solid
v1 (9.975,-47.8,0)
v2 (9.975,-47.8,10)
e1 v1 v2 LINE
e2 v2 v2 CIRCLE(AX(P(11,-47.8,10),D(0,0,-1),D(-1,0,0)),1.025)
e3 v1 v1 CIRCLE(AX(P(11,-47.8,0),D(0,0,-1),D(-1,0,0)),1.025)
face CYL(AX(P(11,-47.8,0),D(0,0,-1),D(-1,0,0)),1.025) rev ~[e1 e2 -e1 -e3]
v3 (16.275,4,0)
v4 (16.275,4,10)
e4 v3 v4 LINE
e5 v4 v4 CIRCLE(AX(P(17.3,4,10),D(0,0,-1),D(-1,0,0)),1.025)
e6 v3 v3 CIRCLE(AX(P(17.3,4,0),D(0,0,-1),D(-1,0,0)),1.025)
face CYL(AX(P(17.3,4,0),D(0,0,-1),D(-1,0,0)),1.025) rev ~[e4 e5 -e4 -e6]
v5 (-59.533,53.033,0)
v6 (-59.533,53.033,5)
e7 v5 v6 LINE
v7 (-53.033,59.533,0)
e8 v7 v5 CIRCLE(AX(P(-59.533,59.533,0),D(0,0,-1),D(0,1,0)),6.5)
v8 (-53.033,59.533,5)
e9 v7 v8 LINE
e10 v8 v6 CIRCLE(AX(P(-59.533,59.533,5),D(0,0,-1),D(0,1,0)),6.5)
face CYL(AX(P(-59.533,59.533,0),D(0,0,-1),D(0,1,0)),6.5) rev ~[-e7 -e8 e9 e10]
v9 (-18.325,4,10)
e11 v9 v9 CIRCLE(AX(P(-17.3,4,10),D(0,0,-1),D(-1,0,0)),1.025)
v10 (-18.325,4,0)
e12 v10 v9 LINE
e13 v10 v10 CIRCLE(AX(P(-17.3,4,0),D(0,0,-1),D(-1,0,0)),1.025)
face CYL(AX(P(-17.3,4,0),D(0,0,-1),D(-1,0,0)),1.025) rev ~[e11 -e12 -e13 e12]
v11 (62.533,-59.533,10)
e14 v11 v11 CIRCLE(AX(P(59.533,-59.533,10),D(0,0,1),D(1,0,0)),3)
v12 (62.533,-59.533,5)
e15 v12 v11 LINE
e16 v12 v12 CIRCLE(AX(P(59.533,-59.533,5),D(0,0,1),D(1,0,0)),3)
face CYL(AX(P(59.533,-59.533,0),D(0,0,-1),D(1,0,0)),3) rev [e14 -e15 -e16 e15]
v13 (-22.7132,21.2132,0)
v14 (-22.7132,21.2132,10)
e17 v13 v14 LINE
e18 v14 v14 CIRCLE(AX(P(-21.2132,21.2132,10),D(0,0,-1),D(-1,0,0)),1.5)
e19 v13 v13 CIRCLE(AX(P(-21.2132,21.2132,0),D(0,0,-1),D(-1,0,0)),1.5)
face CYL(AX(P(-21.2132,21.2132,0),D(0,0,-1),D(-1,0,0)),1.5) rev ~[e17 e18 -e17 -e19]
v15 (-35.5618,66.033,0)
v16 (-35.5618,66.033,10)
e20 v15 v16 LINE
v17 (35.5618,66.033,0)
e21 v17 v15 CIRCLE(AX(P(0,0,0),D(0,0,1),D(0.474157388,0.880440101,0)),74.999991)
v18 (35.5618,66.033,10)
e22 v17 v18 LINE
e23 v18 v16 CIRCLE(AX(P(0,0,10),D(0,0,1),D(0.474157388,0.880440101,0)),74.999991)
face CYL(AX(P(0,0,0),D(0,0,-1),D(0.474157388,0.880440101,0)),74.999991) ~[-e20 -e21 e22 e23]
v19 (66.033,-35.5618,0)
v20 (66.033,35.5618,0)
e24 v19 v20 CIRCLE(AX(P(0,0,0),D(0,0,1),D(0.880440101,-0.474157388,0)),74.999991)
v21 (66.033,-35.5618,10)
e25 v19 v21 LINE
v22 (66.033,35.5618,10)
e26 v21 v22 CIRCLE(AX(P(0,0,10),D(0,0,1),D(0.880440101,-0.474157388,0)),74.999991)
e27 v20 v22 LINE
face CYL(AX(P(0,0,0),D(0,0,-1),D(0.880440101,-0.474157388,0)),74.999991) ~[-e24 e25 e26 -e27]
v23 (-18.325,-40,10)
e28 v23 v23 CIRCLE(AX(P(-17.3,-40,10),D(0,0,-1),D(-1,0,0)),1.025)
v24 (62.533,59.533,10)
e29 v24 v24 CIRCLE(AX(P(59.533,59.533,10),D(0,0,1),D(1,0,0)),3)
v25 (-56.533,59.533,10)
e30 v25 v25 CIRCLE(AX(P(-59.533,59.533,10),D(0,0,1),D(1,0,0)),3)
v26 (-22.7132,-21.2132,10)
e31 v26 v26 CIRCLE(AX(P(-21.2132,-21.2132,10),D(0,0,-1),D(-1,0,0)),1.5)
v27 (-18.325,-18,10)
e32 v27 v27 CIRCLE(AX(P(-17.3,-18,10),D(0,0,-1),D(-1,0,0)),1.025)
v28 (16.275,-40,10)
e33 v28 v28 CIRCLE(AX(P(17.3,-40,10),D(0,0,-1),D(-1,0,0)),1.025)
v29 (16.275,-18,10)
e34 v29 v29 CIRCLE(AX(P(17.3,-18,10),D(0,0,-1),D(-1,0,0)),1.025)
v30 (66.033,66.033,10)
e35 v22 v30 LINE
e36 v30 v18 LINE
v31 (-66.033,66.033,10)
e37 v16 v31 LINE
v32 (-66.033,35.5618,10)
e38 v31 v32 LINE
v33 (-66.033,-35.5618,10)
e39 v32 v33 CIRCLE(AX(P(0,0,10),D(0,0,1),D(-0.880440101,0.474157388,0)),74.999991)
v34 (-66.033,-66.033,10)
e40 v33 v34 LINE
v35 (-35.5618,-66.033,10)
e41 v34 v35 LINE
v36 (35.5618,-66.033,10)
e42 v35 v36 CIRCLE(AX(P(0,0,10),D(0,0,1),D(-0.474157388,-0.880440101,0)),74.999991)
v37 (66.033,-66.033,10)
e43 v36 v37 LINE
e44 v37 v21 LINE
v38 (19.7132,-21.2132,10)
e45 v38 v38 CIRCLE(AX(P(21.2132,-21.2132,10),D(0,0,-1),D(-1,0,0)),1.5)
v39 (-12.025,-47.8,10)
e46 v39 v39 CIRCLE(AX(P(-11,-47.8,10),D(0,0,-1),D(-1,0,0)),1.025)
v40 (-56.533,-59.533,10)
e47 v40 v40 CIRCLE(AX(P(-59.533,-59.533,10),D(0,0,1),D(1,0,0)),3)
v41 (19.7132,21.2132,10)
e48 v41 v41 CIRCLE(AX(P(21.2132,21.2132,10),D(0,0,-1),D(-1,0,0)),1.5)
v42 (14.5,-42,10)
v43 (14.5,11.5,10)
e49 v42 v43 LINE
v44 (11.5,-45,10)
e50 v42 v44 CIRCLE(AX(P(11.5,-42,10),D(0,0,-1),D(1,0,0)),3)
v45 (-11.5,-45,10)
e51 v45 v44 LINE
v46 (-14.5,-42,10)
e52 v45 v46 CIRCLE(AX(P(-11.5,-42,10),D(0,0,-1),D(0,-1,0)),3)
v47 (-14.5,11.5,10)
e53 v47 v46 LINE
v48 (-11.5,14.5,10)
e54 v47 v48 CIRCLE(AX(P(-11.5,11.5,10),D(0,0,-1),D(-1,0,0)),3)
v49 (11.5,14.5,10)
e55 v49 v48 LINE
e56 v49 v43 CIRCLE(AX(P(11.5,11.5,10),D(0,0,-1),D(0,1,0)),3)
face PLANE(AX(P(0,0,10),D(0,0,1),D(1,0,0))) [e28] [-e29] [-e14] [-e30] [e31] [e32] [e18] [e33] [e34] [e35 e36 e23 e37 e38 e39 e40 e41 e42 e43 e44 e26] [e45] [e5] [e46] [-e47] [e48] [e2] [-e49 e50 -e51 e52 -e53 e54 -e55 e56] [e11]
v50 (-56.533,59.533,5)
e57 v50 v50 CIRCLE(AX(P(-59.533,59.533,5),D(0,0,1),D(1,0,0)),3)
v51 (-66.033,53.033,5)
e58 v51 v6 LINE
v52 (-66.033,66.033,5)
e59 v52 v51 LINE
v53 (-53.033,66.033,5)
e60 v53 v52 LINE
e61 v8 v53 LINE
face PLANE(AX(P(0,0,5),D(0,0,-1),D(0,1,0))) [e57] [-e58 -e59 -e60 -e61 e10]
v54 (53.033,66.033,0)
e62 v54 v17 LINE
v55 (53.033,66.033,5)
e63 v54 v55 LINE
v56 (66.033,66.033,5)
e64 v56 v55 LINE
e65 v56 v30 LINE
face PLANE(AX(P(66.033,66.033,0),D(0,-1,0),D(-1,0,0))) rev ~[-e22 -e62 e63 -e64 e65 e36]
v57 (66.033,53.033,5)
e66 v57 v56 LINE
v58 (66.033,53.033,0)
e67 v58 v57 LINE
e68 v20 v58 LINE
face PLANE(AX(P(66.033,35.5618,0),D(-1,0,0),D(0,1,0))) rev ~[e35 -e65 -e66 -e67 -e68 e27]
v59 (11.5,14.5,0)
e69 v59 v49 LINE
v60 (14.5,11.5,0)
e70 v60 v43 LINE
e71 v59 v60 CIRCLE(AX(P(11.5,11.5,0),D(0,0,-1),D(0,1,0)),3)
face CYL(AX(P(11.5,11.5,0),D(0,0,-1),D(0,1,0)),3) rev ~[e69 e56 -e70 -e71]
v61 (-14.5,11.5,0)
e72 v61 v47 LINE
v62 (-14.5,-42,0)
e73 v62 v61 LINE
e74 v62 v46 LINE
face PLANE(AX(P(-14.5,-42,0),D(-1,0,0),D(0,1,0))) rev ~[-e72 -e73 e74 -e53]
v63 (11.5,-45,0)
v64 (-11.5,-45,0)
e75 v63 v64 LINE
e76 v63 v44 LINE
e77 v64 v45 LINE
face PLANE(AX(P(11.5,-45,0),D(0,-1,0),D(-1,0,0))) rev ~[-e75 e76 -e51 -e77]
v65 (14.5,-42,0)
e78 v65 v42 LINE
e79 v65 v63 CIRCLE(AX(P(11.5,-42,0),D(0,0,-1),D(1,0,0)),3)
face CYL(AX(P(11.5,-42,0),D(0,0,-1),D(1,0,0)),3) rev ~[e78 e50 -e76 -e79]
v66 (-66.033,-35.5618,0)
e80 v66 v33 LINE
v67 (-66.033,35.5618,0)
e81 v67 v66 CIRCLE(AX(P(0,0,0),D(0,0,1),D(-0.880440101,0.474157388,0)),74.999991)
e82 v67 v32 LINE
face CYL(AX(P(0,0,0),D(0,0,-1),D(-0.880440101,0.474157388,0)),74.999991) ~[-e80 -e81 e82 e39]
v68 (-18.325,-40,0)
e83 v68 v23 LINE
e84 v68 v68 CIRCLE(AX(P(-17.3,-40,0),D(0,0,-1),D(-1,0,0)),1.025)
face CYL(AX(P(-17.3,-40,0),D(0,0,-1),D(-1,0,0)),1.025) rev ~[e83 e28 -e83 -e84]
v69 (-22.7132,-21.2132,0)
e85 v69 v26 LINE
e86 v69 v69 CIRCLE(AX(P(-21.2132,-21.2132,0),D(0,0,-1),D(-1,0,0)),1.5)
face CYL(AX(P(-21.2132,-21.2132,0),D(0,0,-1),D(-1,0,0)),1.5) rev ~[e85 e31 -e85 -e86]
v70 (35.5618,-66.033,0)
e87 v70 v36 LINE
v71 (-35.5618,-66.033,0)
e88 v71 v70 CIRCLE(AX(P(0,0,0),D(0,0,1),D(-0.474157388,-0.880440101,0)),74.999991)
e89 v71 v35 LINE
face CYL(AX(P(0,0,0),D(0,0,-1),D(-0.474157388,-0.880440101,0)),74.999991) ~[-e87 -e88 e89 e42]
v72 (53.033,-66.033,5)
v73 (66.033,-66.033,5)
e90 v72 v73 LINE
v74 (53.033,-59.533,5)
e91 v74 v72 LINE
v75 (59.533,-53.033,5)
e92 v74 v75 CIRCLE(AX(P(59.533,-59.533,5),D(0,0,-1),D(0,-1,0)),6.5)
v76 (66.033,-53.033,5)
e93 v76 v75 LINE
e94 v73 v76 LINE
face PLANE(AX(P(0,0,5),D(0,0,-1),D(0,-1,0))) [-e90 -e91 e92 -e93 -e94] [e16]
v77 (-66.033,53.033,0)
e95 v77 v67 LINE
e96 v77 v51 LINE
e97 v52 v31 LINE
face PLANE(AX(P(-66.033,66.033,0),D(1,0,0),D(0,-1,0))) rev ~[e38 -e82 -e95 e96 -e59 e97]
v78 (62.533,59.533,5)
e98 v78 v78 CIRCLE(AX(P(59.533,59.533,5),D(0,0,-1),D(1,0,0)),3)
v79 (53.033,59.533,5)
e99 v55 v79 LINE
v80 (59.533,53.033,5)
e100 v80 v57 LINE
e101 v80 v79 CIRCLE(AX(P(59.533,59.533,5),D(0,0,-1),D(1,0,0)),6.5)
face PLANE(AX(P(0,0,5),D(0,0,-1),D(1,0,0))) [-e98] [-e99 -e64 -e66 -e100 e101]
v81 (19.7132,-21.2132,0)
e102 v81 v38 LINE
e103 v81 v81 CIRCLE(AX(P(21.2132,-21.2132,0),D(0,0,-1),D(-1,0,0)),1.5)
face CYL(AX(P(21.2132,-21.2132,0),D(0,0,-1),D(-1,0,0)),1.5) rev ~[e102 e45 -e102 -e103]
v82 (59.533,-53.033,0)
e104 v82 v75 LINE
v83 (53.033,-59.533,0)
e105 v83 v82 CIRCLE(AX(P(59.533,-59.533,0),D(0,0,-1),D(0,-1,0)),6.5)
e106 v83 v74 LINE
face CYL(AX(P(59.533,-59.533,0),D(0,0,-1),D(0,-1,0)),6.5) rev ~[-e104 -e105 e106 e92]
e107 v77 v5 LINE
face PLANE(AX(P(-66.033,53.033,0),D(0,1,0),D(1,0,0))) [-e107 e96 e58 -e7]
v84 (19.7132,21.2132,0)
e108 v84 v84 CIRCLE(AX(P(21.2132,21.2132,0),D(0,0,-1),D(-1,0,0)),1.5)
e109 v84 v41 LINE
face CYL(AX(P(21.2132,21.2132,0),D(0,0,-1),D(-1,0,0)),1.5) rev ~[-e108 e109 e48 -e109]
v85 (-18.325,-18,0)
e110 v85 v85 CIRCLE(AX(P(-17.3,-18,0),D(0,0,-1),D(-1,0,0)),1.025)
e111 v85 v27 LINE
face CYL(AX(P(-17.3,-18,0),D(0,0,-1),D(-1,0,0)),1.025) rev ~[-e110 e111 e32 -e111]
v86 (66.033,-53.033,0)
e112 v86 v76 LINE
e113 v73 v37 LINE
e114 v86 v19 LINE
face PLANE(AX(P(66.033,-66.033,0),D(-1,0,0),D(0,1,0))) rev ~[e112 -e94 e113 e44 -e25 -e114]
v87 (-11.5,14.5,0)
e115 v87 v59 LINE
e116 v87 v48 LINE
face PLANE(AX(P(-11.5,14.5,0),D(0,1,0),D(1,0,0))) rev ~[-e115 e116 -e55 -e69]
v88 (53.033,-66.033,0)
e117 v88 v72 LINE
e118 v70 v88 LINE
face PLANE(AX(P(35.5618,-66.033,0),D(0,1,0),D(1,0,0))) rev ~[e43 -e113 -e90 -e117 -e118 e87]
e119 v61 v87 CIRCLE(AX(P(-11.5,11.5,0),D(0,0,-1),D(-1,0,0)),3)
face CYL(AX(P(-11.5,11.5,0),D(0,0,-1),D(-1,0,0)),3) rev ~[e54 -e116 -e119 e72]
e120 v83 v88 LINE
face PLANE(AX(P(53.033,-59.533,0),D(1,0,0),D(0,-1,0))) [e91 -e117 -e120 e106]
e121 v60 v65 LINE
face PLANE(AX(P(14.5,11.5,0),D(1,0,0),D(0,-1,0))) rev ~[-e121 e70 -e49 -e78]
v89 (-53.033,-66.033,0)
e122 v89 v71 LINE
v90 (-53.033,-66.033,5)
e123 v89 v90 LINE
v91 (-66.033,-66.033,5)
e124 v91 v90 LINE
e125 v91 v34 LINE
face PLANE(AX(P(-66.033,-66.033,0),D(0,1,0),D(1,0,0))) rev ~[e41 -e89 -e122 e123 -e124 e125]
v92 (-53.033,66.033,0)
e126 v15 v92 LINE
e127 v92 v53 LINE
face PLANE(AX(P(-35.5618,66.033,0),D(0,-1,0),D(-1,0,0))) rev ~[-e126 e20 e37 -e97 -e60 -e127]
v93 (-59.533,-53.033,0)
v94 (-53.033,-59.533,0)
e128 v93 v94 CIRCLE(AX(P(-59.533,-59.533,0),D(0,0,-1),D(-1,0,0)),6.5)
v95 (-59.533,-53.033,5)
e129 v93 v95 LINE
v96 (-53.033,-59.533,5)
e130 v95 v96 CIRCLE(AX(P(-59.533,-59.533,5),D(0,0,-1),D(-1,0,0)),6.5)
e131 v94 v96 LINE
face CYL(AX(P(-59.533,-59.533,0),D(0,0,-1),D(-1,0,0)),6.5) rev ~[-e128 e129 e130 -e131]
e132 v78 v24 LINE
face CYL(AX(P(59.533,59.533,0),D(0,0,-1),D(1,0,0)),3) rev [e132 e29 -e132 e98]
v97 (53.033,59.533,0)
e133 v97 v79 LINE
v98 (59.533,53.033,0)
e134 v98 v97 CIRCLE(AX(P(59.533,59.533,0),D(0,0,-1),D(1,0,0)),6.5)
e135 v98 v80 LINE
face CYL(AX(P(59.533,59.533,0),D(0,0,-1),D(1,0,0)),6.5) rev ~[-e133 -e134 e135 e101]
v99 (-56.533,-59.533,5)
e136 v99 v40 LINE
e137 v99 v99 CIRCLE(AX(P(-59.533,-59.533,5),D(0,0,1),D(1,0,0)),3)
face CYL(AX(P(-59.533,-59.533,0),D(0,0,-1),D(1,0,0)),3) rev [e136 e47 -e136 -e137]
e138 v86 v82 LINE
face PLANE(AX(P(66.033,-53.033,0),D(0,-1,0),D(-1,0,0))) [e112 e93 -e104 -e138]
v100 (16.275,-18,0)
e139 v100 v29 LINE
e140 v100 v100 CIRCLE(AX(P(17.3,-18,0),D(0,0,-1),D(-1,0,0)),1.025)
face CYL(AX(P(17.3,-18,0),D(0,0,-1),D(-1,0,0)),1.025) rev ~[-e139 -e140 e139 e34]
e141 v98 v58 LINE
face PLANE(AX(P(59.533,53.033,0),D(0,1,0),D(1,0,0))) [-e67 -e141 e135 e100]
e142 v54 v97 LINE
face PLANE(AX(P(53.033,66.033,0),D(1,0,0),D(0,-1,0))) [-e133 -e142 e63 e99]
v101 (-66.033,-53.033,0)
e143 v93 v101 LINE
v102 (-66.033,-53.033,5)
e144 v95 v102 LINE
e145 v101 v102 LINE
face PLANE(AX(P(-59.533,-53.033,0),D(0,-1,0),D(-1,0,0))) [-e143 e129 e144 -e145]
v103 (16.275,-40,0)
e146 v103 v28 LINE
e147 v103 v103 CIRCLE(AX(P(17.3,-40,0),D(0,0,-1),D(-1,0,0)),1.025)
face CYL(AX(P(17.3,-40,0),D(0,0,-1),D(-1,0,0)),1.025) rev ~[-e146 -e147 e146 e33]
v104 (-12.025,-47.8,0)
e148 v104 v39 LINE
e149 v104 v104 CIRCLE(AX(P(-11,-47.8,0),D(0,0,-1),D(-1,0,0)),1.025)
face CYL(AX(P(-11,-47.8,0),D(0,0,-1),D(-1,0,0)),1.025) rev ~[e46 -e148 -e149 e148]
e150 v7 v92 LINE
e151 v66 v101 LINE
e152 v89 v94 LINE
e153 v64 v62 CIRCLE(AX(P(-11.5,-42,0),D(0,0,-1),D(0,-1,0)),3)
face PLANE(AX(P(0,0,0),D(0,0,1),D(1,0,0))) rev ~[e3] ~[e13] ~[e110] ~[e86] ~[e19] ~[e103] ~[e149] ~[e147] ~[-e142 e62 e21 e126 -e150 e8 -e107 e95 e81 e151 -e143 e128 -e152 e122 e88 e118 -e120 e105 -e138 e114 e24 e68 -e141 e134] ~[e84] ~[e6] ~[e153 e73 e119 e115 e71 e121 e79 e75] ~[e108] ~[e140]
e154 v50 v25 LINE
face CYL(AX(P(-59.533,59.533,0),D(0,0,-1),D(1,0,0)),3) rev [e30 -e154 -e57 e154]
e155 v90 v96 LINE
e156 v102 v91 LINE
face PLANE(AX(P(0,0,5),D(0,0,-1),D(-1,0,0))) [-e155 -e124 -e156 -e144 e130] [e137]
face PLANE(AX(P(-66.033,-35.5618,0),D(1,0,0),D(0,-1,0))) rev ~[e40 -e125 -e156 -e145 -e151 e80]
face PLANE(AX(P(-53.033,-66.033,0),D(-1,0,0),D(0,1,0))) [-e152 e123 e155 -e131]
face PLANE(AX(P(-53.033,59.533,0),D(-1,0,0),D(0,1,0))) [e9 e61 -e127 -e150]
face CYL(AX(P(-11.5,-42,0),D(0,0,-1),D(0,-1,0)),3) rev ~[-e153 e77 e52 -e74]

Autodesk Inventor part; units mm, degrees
ref_plane "YZ Plane" through (0, 0, 0) normal (1, 0, 0) x (0, 1, 0)
ref_plane "XZ Plane" through (0, 0, 0) normal (0, 1, 0) x (-1, 0, 0)
ref_plane "XY Plane" through (0, 0, 0) normal (0, 0, 1) x (1, 0, 0)
sketch "Эскиз1" plane through (0, 0, 0) normal (0, 0, 1) x (1, 0, 0)
  circle A0 centre (59.533, -59.533) radius 3 projected
  circle A1 centre (-59.533, -59.533) radius 3 projected
  circle A2 centre (-59.533, 59.533) radius 3 projected
  circle A3 centre (59.533, 59.533) radius 3 projected
  circle A4 centre (0, 0) radius 65 projected
  arc A5 (35.5618, 66.033) -> (-35.5618, 66.033) centre (0, 0) ccw projected
  line L0 (-35.5618, 66.033) -> (-66.033, 66.033) projected
  line L1 (-66.033, 66.033) -> (-66.033, 35.5618) projected
  arc A6 (-66.033, 35.5618) -> (-66.033, -35.5618) centre (0, 0) ccw projected
  line L2 (-66.033, -35.5618) -> (-66.033, -66.033) projected
  line L3 (-66.033, -66.033) -> (-35.5618, -66.033) projected
  arc A7 (-35.5618, -66.033) -> (35.5618, -66.033) centre (0, 0) ccw projected
  line L4 (35.5618, -66.033) -> (66.033, -66.033) projected
  line L5 (66.033, -66.033) -> (66.033, -35.5618) projected
  arc A8 (66.033, -35.5618) -> (66.033, 35.5618) centre (0, 0) ccw projected
  line L6 (66.033, 35.5618) -> (66.033, 66.033) projected
  line L7 (66.033, 66.033) -> (35.5618, 66.033) projected
  point P0 (0, 0)
extrude "Выдавливание1" add sketch "Эскиз1" along normal blind 10 contours A4 | L7 L6 A8 L5 L4 A7 L3 L2 A6 L1 L0 A5
sketch "Эскиз8" plane through (0, 0, 0) normal (0, 0, -1) x (-1, 0, 0)
  arc A0 (-18, 26.5) -> (-26.5, 18) centre (-18, 18) ccw
  line L0 (-26.5, -18) -> (-26.5, 18)
  arc A1 (-26.5, -18) -> (-18, -26.5) centre (-18, -18) ccw
  line L1 (18, -26.5) -> (-18, -26.5)
  arc A2 (18, -26.5) -> (26.5, -18) centre (18, -18) ccw
  line L2 (26.5, 18) -> (26.5, -18)
  arc A3 (26.5, 18) -> (18, 26.5) centre (18, 18) ccw
  line L3 (-18, 26.5) -> (18, 26.5)
  circle A4 centre (-21.2132, 21.2132) radius 1.5
  circle A5 centre (-21.2132, -21.2132) radius 1.5
  circle A6 centre (21.2132, -21.2132) radius 1.5
  circle A7 centre (21.2132, 21.2132) radius 1.5
  circle A8 centre (0, 0) radius 22
extrude "Выдавливание6" cut sketch "Эскиз8" against normal blind 10 contours A4 | A5 | A6 | A7
sketch "Эскиз9" plane through (0, 0, 0) normal (0, 0, -1) x (-1, 0, 0)
  line L0 (20.1, -44.6) -> (20.1, 8.5)
  line L1 (20.1, 8.5) -> (15, 14.5)
  line L2 (11.5, 14.5) -> (15, 14.5)
  line L3 (11.5, 14.5) -> (-11.5, 14.5)
  line L4 (-15, 14.5) -> (-11.5, 14.5)
  line L5 (-15, 14.5) -> (-20.1, 8.5)
  line L6 (-20.1, 8.5) -> (-20.1, -44.6)
  line L7 (-20.1, -44.6) -> (-15, -50.6)
  line L8 (-15, -50.6) -> (15, -50.6)
  line L9 (15, -50.6) -> (20.1, -44.6)
  circle A0 centre (11, -47.8) radius 1.025
  circle A1 centre (-11, -47.8) radius 1.025
  circle A2 centre (-17.3, -40) radius 1.025
  circle A3 centre (17.3, -40) radius 1.025
  circle A4 centre (17.3, -18) radius 1.025
  circle A5 centre (17.3, 4) radius 1.025
  circle A6 centre (-17.3, 4) radius 1.025
  circle A7 centre (0, 0) radius 1.55
  circle A8 centre (0, 0) radius 14
  line L10 (-14.5, 11.5) -> (-14.5, -42)
  arc A9 (-11.5, 14.5) -> (-14.5, 11.5) centre (-11.5, 11.5) ccw
  arc A10 (-14.5, -42) -> (-11.5, -45) centre (-11.5, -42) ccw
  line L11 (-20.1, 8.5) -> (-20.1, -44.6)
  arc A11 (14.5, 11.5) -> (11.5, 14.5) centre (11.5, 11.5) ccw
  line L12 (14.5, -42) -> (14.5, 11.5)
  arc A12 (11.5, -45) -> (14.5, -42) centre (11.5, -42) ccw
  line L13 (-11.5, -45) -> (11.5, -45)
  circle A13 centre (-17.3, -18) radius 1.025
extrude "Выдавливание7" cut sketch "Эскиз9" against normal blind 20.75 contours A11 L12 A12 L13 A10 L10 A9 L3 | A0 | A1 | A2 | A3 | A4 | A5 | A6 | A7 | A8 | A13
sketch "Эскиз10" plane through (0, 0, 0) normal (0, 0, -1) x (-1, 0, 0)
  circle A0 centre (59.533, -59.533) radius 3 projected
  circle A1 centre (59.533, -59.533) radius 6.5
  line L0 (66.033, -66.033) -> (35.5618, -66.033) projected
  line L1 (66.033, -35.5618) -> (66.033, -66.033) projected
  line L2 (59.533, -53.033) -> (66.033, -53.033)
  line L3 (66.033, -53.033) -> (66.033, -66.033)
  line L4 (66.033, -66.033) -> (53.033, -66.033)
  line L5 (53.033, -66.033) -> (53.033, -59.533)
  point P0 (0, 0)
extrude "Выдавливание8" cut sketch "Эскиз10" against normal blind 5
pattern_circular "Круговой массив1" count 4 over 360 about axis through (0, 0, 0) along (0, 0, 1) of "Выдавливание8"
properties part number "000.202 - Крышка" material "Пластик АБС"
